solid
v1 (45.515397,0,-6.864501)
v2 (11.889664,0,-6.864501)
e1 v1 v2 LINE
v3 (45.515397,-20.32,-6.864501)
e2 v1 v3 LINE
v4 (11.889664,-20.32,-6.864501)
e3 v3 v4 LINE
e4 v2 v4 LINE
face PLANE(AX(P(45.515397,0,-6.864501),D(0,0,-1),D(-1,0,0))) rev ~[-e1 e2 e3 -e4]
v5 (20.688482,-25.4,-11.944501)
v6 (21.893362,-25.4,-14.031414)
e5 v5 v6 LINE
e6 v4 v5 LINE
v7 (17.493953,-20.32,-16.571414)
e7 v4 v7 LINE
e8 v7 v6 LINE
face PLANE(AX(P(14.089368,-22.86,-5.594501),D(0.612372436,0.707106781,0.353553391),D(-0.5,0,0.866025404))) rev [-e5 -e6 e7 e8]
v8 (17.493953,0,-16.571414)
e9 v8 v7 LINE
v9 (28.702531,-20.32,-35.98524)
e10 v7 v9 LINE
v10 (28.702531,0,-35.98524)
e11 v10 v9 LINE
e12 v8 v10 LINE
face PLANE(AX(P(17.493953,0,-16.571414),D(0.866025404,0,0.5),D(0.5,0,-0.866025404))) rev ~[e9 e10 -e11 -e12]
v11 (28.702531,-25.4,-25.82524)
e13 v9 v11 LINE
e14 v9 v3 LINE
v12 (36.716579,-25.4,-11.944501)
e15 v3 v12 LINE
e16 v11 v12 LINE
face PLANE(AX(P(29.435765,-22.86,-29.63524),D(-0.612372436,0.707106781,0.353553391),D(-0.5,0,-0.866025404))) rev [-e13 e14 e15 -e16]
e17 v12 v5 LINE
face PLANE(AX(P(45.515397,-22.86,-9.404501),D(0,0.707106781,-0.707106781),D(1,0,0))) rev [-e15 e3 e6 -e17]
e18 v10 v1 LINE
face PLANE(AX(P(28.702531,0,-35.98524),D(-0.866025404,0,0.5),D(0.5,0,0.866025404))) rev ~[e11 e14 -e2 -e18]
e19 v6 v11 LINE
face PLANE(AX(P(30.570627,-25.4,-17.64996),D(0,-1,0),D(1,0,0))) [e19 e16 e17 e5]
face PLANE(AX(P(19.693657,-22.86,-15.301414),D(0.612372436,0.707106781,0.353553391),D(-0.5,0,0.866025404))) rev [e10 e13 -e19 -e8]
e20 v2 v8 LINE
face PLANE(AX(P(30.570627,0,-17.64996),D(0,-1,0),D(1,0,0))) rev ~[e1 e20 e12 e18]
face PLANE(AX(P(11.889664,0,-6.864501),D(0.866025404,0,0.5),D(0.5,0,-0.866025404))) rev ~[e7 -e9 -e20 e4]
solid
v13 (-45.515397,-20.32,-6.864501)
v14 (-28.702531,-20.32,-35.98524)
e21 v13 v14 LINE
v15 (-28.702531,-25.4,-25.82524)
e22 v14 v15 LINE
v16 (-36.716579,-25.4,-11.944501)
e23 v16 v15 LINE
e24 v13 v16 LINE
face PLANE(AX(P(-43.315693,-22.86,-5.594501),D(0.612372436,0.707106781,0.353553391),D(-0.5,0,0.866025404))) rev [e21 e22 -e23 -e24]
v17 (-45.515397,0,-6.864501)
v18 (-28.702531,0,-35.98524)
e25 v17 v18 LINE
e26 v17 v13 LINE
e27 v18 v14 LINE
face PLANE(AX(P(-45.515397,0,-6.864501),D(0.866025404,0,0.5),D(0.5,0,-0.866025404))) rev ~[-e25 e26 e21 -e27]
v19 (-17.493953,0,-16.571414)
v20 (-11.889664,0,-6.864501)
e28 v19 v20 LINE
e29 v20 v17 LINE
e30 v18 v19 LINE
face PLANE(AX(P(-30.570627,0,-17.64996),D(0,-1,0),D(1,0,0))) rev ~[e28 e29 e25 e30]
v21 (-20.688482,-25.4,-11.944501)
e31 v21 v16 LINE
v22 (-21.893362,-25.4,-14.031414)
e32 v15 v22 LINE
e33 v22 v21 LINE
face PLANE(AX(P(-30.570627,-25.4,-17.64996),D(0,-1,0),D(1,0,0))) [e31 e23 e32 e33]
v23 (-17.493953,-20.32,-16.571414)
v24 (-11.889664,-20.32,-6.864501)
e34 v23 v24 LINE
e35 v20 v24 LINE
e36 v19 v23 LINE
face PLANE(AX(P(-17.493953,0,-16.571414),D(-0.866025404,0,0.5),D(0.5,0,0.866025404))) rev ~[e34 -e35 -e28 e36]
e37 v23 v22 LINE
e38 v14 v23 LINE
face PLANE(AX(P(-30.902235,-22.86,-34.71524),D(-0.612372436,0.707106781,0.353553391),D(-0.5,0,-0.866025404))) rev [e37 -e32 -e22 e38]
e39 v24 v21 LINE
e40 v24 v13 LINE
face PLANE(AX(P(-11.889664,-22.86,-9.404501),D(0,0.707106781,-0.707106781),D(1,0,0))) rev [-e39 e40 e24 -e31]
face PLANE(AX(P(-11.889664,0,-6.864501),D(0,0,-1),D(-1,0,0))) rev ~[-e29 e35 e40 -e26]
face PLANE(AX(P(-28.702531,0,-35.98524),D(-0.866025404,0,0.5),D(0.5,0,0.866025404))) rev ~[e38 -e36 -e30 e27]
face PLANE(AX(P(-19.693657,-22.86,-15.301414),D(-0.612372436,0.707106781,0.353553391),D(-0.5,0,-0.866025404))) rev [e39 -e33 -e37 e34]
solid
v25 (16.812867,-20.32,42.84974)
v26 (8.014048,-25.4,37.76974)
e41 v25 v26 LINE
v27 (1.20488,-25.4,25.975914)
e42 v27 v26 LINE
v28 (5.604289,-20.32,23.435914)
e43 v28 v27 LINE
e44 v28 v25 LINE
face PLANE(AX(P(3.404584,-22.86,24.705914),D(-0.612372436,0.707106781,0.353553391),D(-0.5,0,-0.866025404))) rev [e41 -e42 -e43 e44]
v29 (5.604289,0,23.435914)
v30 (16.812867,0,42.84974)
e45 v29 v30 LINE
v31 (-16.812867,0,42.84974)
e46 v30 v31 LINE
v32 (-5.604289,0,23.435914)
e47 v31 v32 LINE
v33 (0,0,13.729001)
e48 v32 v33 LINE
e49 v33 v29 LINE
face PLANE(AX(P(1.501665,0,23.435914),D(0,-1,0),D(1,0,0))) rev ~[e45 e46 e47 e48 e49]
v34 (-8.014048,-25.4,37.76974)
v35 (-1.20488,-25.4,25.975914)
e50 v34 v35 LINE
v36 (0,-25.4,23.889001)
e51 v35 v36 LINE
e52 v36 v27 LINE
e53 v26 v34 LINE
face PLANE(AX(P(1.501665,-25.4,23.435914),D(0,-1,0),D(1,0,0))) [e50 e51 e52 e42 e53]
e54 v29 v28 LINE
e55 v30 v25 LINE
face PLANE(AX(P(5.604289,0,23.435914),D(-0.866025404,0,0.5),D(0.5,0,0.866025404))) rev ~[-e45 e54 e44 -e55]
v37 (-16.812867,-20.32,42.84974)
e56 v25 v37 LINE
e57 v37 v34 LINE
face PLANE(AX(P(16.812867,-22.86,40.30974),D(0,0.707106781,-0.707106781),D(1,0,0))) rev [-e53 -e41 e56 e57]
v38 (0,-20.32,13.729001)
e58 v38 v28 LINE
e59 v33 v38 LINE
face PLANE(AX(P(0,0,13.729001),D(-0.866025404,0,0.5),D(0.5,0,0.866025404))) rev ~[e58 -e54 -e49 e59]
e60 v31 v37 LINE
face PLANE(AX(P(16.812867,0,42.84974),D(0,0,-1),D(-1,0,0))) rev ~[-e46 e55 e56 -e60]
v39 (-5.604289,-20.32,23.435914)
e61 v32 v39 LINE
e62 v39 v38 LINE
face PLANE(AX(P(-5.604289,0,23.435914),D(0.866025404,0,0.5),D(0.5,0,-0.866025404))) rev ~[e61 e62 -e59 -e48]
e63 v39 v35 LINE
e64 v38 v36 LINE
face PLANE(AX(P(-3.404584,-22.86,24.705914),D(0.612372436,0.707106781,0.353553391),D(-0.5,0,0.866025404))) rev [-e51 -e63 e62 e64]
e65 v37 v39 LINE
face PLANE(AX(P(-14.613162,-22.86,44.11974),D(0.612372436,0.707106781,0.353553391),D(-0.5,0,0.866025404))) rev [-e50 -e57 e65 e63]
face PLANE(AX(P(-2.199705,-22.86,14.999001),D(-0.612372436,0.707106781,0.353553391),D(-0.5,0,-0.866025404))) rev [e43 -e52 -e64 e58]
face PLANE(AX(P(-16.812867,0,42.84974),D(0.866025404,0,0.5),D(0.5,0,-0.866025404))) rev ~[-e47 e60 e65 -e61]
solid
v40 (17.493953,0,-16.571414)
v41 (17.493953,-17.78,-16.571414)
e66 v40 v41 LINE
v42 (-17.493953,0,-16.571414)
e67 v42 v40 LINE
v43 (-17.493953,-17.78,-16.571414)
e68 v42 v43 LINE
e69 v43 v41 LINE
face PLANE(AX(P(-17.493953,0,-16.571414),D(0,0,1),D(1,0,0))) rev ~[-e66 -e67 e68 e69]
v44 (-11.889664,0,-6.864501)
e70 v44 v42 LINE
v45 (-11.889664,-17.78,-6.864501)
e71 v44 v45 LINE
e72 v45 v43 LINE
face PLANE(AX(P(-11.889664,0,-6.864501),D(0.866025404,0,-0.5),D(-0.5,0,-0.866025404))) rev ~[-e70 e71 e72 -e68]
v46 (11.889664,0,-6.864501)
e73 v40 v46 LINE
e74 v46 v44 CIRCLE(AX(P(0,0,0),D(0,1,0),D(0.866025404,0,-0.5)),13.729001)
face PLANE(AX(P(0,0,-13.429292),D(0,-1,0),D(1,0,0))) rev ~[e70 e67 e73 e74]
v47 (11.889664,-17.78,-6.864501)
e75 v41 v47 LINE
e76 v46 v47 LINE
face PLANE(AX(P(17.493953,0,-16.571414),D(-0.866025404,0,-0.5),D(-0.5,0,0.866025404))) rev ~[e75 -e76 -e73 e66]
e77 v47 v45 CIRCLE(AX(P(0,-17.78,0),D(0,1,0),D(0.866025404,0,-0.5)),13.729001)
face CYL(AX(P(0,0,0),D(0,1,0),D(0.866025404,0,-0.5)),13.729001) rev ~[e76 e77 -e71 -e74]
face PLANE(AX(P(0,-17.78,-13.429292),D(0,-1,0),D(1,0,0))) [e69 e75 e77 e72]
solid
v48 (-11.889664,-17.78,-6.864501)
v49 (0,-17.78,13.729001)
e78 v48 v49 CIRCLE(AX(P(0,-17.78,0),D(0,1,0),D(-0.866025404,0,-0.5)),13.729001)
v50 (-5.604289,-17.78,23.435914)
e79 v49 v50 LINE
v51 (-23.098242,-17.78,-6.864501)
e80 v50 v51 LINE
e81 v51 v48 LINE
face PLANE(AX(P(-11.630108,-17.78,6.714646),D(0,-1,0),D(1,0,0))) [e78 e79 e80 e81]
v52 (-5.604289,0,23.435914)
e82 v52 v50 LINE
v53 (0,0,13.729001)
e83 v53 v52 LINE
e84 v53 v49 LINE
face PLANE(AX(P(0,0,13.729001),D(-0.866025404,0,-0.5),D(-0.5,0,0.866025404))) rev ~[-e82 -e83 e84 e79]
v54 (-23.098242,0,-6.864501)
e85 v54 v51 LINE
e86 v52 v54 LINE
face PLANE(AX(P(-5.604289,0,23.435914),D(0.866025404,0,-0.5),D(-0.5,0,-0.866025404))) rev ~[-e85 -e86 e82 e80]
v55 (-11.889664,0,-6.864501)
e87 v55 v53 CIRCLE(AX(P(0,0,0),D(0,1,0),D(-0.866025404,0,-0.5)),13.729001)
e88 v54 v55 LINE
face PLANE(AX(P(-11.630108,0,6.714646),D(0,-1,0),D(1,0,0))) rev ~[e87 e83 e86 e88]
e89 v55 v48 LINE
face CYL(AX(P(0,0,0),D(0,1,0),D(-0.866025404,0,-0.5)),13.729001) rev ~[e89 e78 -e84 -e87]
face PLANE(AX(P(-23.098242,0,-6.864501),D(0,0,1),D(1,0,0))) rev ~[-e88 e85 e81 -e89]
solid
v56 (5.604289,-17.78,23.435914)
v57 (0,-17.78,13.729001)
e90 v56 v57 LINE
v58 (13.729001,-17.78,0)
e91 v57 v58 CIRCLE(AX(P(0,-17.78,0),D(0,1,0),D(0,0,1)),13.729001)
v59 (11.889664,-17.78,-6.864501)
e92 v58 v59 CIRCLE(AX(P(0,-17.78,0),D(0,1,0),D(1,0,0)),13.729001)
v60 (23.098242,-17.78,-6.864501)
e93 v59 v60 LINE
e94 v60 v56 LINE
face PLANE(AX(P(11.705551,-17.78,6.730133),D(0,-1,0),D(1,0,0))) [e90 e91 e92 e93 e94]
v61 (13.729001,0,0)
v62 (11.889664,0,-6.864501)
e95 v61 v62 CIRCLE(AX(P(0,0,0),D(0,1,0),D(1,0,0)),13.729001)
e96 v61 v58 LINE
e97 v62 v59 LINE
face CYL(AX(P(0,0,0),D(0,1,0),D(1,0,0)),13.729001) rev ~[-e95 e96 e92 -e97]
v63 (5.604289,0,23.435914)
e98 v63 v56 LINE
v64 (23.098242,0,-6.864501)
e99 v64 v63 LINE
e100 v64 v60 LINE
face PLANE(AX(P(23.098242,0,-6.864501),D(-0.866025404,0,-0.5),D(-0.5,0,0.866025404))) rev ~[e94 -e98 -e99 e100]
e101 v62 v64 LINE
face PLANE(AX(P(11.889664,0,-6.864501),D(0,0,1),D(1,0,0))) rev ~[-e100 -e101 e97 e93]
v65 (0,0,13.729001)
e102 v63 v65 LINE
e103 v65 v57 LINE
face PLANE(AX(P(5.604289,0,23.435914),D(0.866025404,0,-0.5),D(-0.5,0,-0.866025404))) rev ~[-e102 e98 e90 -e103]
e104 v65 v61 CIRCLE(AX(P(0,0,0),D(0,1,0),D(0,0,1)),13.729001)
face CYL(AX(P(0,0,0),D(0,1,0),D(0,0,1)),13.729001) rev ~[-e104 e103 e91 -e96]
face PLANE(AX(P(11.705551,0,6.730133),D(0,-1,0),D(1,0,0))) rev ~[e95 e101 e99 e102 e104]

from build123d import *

# Parameters (mm, degrees)
F1_DEPTH  = 25.4
F2_DEPTH  = 17.78
F3_SIZE   = 5.08
F3_2_SIZE = 5.08
F3_3_SIZE = 5.08
F4_SIZE   = 5.08


with BuildPart() as f1:
    # F0 (on Front) → F1 (new body)
    with BuildSketch(Plane.XZ):
        Polygon((45.5153971005, -6.864500683), (23.0982416679, -6.864500683), (28.702530526, -16.5714137256), (17.4939528097, -16.5714137256), (28.702530526, -35.9852398108), align=None)
        Polygon((28.702530526, -16.5714137256), (23.0982416679, -6.864500683), (11.8896639515, -6.864500683), align=None)
        Polygon((17.4939528097, -16.5714137256), (28.702530526, -16.5714137256), (11.8896639515, -6.864500683), align=None)
    extrude(amount=F1_DEPTH)

    # F3#2
    f3_2_edges = [f1.edges().sort_by_distance(p)[0] for p in [
        (28.702531, -25.4, -6.864501),
        (20.296097, -25.4, -21.42487),
    ]]
    chamfer(f3_2_edges, length=F3_2_SIZE)

    # F4
    f4_edges = [f1.edges().sort_by_distance(p)[0] for p in [
        (37.108964, -25.4, -21.42487),
    ]]
    chamfer(f4_edges, length=F4_SIZE)


with BuildPart() as f1b:
    # F0 (on Front) → F1, piece 2 (new body)
    with BuildSketch(Plane.XZ):
        Polygon((-28.702530526, -16.5714137256), (-23.0982416679, -6.864500683), (-45.5153971005, -6.864500683), (-28.702530526, -35.9852398108), (-17.4939528097, -16.5714137256), align=None)
        Polygon((-11.8896639515, -6.864500683), (-23.0982416679, -6.864500683), (-28.702530526, -16.5714137256), align=None)
        Polygon((-17.4939528097, -16.5714137256), (-11.8896639515, -6.864500683), (-28.702530526, -16.5714137256), align=None)
    extrude(amount=F1_DEPTH)

    # F3#3
    f3_3_edges = [f1b.edges().sort_by_distance(p)[0] for p in [
        (-20.296097, -25.4, -21.42487),
        (-28.702531, -25.4, -6.864501),
        (-37.108964, -25.4, -21.42487),
    ]]
    chamfer(f3_3_edges, length=F3_3_SIZE)


with BuildPart() as f1c:
    # F0 (on Front) → F1, piece 3 (new body)
    with BuildSketch(Plane.XZ):
        Polygon((5.6042888582, 23.4359144086), (0, 33.1428274512), (0, 13.729001366), align=None)
        Polygon((0, 13.729001366), (0, 33.1428274512), (-5.6042888582, 23.4359144086), align=None)
        Polygon((-5.6042888582, 23.4359144086), (0, 33.1428274512), (5.6042888582, 23.4359144086), (16.8128665745, 42.8497404938), (-16.8128665745, 42.8497404938), align=None)
    extrude(amount=F1_DEPTH)

    # F3
    f3_edges = [f1c.edges().sort_by_distance(p)[0] for p in [
        (-8.406433, -25.4, 28.289371),
        (8.406433, -25.4, 28.289371),
        (0, -25.4, 42.84974),
    ]]
    chamfer(f3_edges, length=F3_SIZE)


with BuildPart() as f2:
    # F0 (on Front) → F2 (new body)
    with BuildSketch(Plane.XZ):
        with BuildLine():
            Line((23.0982416679, -6.864500683), (5.6042888582, 23.4359144086))
            Line((5.6042888582, 23.4359144086), (0, 13.729001366))
            ThreePointArc((0, 13.729001366), (9.7078699648, 9.7078699648), (13.729001366, 0))
            ThreePointArc((13.729001366, 0), (13.2611969886, -3.5533270238), (11.8896639515, -6.864500683))
            Line((11.8896639515, -6.864500683), (23.0982416679, -6.864500683))
        make_face()
    extrude(amount=F2_DEPTH)


with BuildPart() as f2b:
    # F0 (on Front) → F2, piece 2 (new body)
    with BuildSketch(Plane.XZ):
        with BuildLine():
            ThreePointArc((11.8896639515, -6.864500683), (0, -13.729001366), (-11.8896639515, -6.864500683))
            Line((-11.8896639515, -6.864500683), (-17.4939528097, -16.5714137256))
            Line((-17.4939528097, -16.5714137256), (17.4939528097, -16.5714137256))
            Line((17.4939528097, -16.5714137256), (11.8896639515, -6.864500683))
        make_face()
    extrude(amount=F2_DEPTH)


with BuildPart() as f2c:
    # F0 (on Front) → F2, piece 3 (new body)
    with BuildSketch(Plane.XZ):
        with BuildLine():
            Line((0, 13.729001366), (-5.6042888582, 23.4359144086))
            Line((-5.6042888582, 23.4359144086), (-23.0982416679, -6.864500683))
            Line((-23.0982416679, -6.864500683), (-11.8896639515, -6.864500683))
            ThreePointArc((-11.8896639515, -6.864500683), (-11.8896639515, 6.864500683), (0, 13.729001366))
        make_face()
    extrude(amount=F2_DEPTH)


solid = Compound([f1.part, f1b.part, f1c.part, f2.part, f2b.part, f2c.part])
